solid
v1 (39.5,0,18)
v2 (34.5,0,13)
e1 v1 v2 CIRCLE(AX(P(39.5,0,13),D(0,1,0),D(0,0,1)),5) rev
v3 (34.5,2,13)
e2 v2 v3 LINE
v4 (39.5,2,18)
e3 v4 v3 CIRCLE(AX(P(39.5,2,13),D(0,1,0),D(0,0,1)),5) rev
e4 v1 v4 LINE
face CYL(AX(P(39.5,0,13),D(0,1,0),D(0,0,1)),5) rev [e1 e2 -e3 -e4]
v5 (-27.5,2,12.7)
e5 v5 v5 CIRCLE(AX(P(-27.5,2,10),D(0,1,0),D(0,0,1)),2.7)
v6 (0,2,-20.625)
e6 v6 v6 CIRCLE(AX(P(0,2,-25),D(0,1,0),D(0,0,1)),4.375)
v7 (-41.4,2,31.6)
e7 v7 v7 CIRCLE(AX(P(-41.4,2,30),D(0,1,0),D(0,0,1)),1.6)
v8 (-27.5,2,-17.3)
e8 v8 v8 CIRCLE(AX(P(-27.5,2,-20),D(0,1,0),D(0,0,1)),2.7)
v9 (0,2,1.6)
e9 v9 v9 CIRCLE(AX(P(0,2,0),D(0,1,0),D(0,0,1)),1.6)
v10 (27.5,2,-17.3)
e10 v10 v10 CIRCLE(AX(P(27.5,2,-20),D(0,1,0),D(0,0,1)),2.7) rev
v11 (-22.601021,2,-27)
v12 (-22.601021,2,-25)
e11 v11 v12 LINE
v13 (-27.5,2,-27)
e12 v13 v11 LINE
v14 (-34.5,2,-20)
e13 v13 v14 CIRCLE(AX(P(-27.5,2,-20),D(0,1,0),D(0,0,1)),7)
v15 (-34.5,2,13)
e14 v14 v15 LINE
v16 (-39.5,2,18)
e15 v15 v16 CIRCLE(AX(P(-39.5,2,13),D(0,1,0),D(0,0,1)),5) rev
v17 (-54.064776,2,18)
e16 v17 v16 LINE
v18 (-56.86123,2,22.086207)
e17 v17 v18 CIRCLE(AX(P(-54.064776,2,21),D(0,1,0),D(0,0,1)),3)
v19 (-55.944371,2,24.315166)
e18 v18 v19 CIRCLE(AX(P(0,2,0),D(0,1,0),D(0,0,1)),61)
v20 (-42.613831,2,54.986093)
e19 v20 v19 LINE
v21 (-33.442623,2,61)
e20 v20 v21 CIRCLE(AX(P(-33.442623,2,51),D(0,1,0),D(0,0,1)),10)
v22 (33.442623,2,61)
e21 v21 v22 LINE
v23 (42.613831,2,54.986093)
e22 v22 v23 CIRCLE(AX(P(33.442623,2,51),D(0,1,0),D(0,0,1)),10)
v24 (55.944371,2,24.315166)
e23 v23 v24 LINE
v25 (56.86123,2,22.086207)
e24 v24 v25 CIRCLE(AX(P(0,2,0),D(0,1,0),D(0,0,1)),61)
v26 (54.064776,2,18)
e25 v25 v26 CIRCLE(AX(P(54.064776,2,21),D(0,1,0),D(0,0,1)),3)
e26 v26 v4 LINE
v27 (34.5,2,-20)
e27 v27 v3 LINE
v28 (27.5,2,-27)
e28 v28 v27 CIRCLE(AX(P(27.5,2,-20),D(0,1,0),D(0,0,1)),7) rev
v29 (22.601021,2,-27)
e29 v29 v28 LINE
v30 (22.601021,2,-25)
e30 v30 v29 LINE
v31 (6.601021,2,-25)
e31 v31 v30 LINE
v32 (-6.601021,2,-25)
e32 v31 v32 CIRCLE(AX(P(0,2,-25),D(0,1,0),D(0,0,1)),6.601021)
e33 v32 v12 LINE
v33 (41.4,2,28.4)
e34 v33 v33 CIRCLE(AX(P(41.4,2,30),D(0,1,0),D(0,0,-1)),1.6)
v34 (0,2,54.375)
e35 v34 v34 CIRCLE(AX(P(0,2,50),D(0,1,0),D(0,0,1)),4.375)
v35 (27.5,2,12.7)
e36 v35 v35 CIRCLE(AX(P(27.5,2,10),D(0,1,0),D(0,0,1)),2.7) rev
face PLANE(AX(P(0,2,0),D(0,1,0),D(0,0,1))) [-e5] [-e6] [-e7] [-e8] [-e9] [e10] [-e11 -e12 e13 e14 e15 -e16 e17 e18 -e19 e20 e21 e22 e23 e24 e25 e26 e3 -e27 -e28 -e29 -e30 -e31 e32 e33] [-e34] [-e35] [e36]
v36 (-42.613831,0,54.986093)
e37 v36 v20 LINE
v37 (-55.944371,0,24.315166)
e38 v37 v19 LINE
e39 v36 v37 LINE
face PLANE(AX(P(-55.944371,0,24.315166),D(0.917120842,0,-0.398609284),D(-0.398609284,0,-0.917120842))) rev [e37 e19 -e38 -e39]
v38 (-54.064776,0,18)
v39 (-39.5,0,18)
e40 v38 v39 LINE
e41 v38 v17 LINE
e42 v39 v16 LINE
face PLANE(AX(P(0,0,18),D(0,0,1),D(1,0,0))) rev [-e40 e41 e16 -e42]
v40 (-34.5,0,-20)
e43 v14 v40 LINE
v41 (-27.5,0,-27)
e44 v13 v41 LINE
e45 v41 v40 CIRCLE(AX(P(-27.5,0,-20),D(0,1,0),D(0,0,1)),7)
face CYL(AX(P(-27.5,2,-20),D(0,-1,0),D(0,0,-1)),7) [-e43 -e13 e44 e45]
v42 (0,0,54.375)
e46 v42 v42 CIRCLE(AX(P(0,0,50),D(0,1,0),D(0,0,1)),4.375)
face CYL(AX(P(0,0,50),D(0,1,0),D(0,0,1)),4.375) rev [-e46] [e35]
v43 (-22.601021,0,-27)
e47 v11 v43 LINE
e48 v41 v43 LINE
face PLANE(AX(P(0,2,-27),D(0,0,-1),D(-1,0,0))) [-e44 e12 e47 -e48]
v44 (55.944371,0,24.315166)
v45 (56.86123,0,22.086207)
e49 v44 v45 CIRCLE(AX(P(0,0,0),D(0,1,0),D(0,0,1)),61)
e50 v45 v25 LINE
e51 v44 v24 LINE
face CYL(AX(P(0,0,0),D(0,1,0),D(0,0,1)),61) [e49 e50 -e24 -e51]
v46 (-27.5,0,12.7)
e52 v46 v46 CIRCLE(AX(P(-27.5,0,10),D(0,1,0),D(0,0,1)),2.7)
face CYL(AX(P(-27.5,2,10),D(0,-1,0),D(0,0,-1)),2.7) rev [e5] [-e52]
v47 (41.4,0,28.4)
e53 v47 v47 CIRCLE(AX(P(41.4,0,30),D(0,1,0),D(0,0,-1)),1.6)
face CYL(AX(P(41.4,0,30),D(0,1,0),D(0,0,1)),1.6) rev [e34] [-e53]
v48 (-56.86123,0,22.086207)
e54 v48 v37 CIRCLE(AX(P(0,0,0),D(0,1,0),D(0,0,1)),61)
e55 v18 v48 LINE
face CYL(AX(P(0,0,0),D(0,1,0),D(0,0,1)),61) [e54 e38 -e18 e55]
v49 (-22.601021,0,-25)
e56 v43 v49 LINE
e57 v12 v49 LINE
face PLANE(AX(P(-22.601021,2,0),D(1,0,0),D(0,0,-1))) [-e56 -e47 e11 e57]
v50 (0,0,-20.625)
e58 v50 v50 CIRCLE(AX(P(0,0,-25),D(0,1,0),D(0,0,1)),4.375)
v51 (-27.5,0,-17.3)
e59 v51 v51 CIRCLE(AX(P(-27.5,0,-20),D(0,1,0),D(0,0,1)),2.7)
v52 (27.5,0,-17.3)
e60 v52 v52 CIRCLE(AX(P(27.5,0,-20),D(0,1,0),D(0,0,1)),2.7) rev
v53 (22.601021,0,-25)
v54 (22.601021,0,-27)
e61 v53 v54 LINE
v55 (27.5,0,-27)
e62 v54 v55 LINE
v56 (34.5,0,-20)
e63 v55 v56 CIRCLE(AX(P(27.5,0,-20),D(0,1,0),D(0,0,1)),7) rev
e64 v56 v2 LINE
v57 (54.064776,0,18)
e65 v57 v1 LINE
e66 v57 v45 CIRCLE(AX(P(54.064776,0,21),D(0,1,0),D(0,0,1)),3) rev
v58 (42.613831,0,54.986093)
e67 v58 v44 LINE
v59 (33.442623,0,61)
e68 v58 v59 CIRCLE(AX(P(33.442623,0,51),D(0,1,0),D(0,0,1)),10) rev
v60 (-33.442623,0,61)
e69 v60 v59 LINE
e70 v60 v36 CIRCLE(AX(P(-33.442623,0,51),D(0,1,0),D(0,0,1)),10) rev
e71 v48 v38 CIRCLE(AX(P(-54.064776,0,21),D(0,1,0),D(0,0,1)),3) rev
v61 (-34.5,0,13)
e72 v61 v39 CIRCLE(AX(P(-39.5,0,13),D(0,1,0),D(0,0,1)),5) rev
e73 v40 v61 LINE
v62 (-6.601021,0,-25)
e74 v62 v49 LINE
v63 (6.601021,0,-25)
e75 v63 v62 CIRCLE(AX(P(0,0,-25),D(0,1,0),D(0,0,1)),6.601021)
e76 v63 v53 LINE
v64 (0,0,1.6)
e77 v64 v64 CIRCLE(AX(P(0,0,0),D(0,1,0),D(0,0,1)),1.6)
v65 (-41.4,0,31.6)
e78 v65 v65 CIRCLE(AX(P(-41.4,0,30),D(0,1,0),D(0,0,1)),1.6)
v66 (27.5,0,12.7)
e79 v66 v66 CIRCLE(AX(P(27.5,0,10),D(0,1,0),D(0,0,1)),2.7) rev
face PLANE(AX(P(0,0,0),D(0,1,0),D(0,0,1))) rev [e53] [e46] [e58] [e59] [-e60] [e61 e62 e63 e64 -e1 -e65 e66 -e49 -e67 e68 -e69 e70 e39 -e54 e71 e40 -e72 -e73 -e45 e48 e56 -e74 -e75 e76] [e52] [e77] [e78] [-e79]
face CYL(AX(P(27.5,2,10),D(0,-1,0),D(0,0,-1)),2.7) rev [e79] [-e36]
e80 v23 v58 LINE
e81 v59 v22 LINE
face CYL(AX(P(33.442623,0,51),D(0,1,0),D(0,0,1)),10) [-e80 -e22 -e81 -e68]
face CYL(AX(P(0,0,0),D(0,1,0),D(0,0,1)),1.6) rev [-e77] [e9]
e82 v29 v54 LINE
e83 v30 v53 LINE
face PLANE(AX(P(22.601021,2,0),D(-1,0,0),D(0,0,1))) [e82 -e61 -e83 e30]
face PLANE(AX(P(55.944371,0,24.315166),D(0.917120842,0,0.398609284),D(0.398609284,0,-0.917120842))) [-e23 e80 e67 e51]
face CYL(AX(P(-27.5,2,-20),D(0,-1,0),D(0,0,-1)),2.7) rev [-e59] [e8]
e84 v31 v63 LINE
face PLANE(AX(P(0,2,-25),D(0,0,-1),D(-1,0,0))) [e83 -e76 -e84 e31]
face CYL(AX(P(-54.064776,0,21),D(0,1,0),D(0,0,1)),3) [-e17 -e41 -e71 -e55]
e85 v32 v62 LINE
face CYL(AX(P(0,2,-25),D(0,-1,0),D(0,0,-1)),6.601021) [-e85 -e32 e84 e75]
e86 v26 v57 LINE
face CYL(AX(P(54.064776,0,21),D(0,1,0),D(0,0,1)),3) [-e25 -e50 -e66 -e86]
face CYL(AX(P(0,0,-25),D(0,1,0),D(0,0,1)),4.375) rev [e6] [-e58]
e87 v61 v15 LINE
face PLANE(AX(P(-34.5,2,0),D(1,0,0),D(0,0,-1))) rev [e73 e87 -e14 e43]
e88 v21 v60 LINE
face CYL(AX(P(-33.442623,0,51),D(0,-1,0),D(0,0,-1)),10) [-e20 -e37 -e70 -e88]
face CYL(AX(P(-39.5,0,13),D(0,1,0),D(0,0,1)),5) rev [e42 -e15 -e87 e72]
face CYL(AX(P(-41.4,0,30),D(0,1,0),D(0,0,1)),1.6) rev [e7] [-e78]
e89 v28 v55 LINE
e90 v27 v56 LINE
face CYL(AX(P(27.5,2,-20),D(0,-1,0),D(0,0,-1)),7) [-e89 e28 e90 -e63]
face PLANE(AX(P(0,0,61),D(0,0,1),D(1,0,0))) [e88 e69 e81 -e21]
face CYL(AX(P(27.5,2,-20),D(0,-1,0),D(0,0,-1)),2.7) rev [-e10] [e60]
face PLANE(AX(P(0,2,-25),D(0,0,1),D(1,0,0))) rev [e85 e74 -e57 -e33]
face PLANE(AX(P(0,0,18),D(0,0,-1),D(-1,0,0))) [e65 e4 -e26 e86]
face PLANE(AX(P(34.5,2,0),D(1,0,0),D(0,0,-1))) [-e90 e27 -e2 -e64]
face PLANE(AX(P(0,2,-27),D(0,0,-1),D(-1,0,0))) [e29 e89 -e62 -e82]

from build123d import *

# Parameters (mm, degrees)
SKETCH1_R           = 2.7
BOSS_EXTRUDE1_DEPTH = 2
BOSS_EXTRUDE2_START = -2
BOSS_EXTRUDE2_DEPTH = 2
FILLET1_R           = 3
SKETCH2_R           = 4.375
SKETCH2_R_2         = 1.6
CUT_EXTRUDE1_DEPTH  = 84.55470457
FILLET2_R           = 10


with BuildPart() as part:
    # Sketch1 → Boss-Extrude1 (new body)
    # profile 1 of 9: a face of its own
    with BuildSketch(Plane(origin=(0, 0, 0), x_dir=(1, 0, 0), z_dir=(0, 1, 0))):
        with BuildLine():
            Line((-34.5, 20), (-34.5, -10))
            ThreePointArc((-34.5, -10), (-27.5, -17), (-20.5, -10))
            Line((-20.5, -10), (-20.5, 20))
            ThreePointArc((-20.5, 20), (-27.5, 27), (-34.5, 20))
        make_face()
        with Locations(Location((-27.5, 20, 0), (0, 0, 270))):
            Circle(SKETCH1_R, mode=Mode.SUBTRACT)
        with Locations(Location((-27.5, -10, 0), (0, 0, 270))):
            Circle(SKETCH1_R, mode=Mode.SUBTRACT)
    # profile 2 of 9: a face of its own
    with BuildSketch(Plane(origin=(0, 0, 0), x_dir=(1, 0, 0), z_dir=(0, 1, 0))):
        with BuildLine():
            ThreePointArc((-22.601020514, 25), (-21.046595612, 22.711747002), (-20.5, 20))
            Line((-20.5, 20), (-20.5, -10))
            ThreePointArc((-20.5, -10), (-27.5, -17), (-34.5, -10))
            Line((-34.5, -10), (-34.5, -50.306560208))
            ThreePointArc((-34.5, -50.306560208), (0, -61), (34.5, -50.306560208))
            Line((34.5, -50.306560208), (34.5, -10))
            ThreePointArc((34.5, -10), (27.5, -17), (20.5, -10))
            Line((20.5, -10), (20.5, 20))
            ThreePointArc((20.5, 20), (21.046595612, 22.711747002), (22.601020514, 25))
            Line((22.601020514, 25), (6.601020514, 25))
            ThreePointArc((6.601020514, 25), (0, 18.398979486), (-6.601020514, 25))
            Line((-6.601020514, 25), (-22.601020514, 25))
        make_face()
    # profile 3 of 9: a face of its own
    with BuildSketch(Plane(origin=(0, 0, 0), x_dir=(1, 0, 0), z_dir=(0, 1, 0))):
        with BuildLine():
            ThreePointArc((34.5, -10), (27.5, -17), (20.5, -10))
            Line((20.5, -10), (20.5, 20))
            ThreePointArc((20.5, 20), (27.5, 27), (34.5, 20))
            Line((34.5, 20), (34.5, -10))
        make_face()
        with Locations(Location((27.5, -10, 0), (0, 0, 270))):
            Circle(SKETCH1_R, mode=Mode.SUBTRACT)
        with Locations(Location((27.5, 20, 0), (0, 0, 270))):
            Circle(SKETCH1_R, mode=Mode.SUBTRACT)
    # profile 4 of 9: a face of its own
    with BuildSketch(Plane(origin=(0, 0, 0), x_dir=(1, 0, 0), z_dir=(0, 1, 0))):
        with BuildLine():
            ThreePointArc((-6.290744935, 27), (-6.522990426, 26.011962318), (-6.601020514, 25))
            ThreePointArc((-6.601020514, 25), (0, 18.398979486), (6.601020514, 25))
            ThreePointArc((6.601020514, 25), (6.522990426, 26.011962318), (6.290744935, 27))
            Line((6.290744935, 27), (-6.290744935, 27))
        make_face()
    # profile 5 of 9: a face of its own
    with BuildSketch(Plane(origin=(0, 0, 0), x_dir=(1, 0, 0), z_dir=(0, 1, 0))):
        with BuildLine():
            ThreePointArc((6.290744935, 27), (0, 31.601020514), (-6.290744935, 27))
            Line((-6.290744935, 27), (6.290744935, 27))
        make_face()
    # profile 6 of 9: a face of its own
    with BuildSketch(Plane(origin=(0, 0, 0), x_dir=(1, 0, 0), z_dir=(0, 1, 0))):
        with BuildLine():
            ThreePointArc((-6.290744935, 27), (-6.522990426, 26.011962318), (-6.601020514, 25))
            ThreePointArc((-6.601020514, 25), (0, 18.398979486), (6.601020514, 25))
            ThreePointArc((6.601020514, 25), (6.522990426, 26.011962318), (6.290744935, 27))
            Line((6.290744935, 27), (-6.290744935, 27))
        make_face()
    # profile 7 of 9: a face of its own
    with BuildSketch(Plane(origin=(0, 0, 0), x_dir=(1, 0, 0), z_dir=(0, 1, 0))):
        with BuildLine():
            ThreePointArc((6.290744935, 27), (0, 31.601020514), (-6.290744935, 27))
            Line((-6.290744935, 27), (6.290744935, 27))
        make_face()
    # profile 8 of 9: a face of its own
    with BuildSketch(Plane(origin=(0, 0, 0), x_dir=(1, 0, 0), z_dir=(0, 1, 0))):
        with BuildLine():
            ThreePointArc((-27.5, 27), (-24.854248689, 26.480740698), (-22.601020514, 25))
            Line((-22.601020514, 25), (-22.601020514, 27))
            Line((-22.601020514, 27), (-27.5, 27))
        make_face()
    # profile 9 of 9: a face of its own
    with BuildSketch(Plane(origin=(0, 0, 0), x_dir=(1, 0, 0), z_dir=(0, 1, 0))):
        with BuildLine():
            Line((22.601020514, 27), (22.601020514, 25))
            ThreePointArc((22.601020514, 25), (24.854248689, 26.480740698), (27.5, 27))
            Line((27.5, 27), (22.601020514, 27))
        make_face()
    extrude(amount=BOSS_EXTRUDE1_DEPTH)

    # Sketch5 → Boss-Extrude2 (add)
    with BuildSketch(Plane(origin=(0, 2, 0), x_dir=(1, 0, 0), z_dir=(0, 1, 0)).offset(BOSS_EXTRUDE2_START)):
        with BuildLine():
            Line((-55.944371359, -24.315166322), (-40, -61))
            Line((-40, -61), (0, -61))
            ThreePointArc((0, -61), (-18.059621083, -58.265342068), (-34.5, -50.306560208))
            Line((-34.5, -50.306560208), (-34.5, -13))
            ThreePointArc((-34.5, -13), (-35.964466094, -16.535533906), (-39.5, -18))
            Line((-39.5, -18), (-58.283788484, -18))
            ThreePointArc((-58.283788484, -18), (-57.201297683, -21.189892481), (-55.944371359, -24.315166322))
        make_face()
        with BuildLine():
            ThreePointArc((34.5, -50.306560208), (18.059621083, -58.265342068), (0, -61))
            Line((0, -61), (40, -61))
            Line((40, -61), (55.944371359, -24.315166322))
            ThreePointArc((55.944371359, -24.315166322), (57.201297683, -21.189892481), (58.283788484, -18))
            Line((58.283788484, -18), (39.5, -18))
            ThreePointArc((39.5, -18), (35.964466094, -16.535533906), (34.5, -13))
            Line((34.5, -13), (34.5, -50.306560208))
        make_face()
    extrude(amount=BOSS_EXTRUDE2_DEPTH)

    # Fillet1
    fillet1_edges = [part.edges().sort_by_distance(p)[0] for p in [
        (-58.283788484, 1, 18),
        (58.283788484, 1, 18),
    ]]
    fillet(fillet1_edges, radius=FILLET1_R)

    # Sketch2 → Cut-Extrude1 (cut, through all)
    with BuildSketch(Plane(origin=(0, 2, 0), x_dir=(1, 0, 0), z_dir=(0, 1, 0))):
        with Locations(Location((0, 25, 0), (0, 0, 270))):
            Circle(SKETCH2_R)
        with Locations(Location((0, -50, 0), (0, 0, 270))):
            Circle(SKETCH2_R)
        with Locations(Location((0, 0, 0), (0, 0, 270))):
            Circle(SKETCH2_R_2)
        with Locations(Location((-41.4, -30, 0), (0, 0, 270))):
            Circle(SKETCH2_R_2)
        with Locations(Location((41.4, -30, 0), (0, 0, 90))):
            Circle(SKETCH2_R_2)
    extrude(amount=-CUT_EXTRUDE1_DEPTH, mode=Mode.SUBTRACT)

    # Fillet2
    fillet2_edges = [part.edges().sort_by_distance(p)[0] for p in [
        (-40, 1, 61),
        (40, 1, 61),
    ]]
    fillet(fillet2_edges, radius=FILLET2_R)


solid = part.part
